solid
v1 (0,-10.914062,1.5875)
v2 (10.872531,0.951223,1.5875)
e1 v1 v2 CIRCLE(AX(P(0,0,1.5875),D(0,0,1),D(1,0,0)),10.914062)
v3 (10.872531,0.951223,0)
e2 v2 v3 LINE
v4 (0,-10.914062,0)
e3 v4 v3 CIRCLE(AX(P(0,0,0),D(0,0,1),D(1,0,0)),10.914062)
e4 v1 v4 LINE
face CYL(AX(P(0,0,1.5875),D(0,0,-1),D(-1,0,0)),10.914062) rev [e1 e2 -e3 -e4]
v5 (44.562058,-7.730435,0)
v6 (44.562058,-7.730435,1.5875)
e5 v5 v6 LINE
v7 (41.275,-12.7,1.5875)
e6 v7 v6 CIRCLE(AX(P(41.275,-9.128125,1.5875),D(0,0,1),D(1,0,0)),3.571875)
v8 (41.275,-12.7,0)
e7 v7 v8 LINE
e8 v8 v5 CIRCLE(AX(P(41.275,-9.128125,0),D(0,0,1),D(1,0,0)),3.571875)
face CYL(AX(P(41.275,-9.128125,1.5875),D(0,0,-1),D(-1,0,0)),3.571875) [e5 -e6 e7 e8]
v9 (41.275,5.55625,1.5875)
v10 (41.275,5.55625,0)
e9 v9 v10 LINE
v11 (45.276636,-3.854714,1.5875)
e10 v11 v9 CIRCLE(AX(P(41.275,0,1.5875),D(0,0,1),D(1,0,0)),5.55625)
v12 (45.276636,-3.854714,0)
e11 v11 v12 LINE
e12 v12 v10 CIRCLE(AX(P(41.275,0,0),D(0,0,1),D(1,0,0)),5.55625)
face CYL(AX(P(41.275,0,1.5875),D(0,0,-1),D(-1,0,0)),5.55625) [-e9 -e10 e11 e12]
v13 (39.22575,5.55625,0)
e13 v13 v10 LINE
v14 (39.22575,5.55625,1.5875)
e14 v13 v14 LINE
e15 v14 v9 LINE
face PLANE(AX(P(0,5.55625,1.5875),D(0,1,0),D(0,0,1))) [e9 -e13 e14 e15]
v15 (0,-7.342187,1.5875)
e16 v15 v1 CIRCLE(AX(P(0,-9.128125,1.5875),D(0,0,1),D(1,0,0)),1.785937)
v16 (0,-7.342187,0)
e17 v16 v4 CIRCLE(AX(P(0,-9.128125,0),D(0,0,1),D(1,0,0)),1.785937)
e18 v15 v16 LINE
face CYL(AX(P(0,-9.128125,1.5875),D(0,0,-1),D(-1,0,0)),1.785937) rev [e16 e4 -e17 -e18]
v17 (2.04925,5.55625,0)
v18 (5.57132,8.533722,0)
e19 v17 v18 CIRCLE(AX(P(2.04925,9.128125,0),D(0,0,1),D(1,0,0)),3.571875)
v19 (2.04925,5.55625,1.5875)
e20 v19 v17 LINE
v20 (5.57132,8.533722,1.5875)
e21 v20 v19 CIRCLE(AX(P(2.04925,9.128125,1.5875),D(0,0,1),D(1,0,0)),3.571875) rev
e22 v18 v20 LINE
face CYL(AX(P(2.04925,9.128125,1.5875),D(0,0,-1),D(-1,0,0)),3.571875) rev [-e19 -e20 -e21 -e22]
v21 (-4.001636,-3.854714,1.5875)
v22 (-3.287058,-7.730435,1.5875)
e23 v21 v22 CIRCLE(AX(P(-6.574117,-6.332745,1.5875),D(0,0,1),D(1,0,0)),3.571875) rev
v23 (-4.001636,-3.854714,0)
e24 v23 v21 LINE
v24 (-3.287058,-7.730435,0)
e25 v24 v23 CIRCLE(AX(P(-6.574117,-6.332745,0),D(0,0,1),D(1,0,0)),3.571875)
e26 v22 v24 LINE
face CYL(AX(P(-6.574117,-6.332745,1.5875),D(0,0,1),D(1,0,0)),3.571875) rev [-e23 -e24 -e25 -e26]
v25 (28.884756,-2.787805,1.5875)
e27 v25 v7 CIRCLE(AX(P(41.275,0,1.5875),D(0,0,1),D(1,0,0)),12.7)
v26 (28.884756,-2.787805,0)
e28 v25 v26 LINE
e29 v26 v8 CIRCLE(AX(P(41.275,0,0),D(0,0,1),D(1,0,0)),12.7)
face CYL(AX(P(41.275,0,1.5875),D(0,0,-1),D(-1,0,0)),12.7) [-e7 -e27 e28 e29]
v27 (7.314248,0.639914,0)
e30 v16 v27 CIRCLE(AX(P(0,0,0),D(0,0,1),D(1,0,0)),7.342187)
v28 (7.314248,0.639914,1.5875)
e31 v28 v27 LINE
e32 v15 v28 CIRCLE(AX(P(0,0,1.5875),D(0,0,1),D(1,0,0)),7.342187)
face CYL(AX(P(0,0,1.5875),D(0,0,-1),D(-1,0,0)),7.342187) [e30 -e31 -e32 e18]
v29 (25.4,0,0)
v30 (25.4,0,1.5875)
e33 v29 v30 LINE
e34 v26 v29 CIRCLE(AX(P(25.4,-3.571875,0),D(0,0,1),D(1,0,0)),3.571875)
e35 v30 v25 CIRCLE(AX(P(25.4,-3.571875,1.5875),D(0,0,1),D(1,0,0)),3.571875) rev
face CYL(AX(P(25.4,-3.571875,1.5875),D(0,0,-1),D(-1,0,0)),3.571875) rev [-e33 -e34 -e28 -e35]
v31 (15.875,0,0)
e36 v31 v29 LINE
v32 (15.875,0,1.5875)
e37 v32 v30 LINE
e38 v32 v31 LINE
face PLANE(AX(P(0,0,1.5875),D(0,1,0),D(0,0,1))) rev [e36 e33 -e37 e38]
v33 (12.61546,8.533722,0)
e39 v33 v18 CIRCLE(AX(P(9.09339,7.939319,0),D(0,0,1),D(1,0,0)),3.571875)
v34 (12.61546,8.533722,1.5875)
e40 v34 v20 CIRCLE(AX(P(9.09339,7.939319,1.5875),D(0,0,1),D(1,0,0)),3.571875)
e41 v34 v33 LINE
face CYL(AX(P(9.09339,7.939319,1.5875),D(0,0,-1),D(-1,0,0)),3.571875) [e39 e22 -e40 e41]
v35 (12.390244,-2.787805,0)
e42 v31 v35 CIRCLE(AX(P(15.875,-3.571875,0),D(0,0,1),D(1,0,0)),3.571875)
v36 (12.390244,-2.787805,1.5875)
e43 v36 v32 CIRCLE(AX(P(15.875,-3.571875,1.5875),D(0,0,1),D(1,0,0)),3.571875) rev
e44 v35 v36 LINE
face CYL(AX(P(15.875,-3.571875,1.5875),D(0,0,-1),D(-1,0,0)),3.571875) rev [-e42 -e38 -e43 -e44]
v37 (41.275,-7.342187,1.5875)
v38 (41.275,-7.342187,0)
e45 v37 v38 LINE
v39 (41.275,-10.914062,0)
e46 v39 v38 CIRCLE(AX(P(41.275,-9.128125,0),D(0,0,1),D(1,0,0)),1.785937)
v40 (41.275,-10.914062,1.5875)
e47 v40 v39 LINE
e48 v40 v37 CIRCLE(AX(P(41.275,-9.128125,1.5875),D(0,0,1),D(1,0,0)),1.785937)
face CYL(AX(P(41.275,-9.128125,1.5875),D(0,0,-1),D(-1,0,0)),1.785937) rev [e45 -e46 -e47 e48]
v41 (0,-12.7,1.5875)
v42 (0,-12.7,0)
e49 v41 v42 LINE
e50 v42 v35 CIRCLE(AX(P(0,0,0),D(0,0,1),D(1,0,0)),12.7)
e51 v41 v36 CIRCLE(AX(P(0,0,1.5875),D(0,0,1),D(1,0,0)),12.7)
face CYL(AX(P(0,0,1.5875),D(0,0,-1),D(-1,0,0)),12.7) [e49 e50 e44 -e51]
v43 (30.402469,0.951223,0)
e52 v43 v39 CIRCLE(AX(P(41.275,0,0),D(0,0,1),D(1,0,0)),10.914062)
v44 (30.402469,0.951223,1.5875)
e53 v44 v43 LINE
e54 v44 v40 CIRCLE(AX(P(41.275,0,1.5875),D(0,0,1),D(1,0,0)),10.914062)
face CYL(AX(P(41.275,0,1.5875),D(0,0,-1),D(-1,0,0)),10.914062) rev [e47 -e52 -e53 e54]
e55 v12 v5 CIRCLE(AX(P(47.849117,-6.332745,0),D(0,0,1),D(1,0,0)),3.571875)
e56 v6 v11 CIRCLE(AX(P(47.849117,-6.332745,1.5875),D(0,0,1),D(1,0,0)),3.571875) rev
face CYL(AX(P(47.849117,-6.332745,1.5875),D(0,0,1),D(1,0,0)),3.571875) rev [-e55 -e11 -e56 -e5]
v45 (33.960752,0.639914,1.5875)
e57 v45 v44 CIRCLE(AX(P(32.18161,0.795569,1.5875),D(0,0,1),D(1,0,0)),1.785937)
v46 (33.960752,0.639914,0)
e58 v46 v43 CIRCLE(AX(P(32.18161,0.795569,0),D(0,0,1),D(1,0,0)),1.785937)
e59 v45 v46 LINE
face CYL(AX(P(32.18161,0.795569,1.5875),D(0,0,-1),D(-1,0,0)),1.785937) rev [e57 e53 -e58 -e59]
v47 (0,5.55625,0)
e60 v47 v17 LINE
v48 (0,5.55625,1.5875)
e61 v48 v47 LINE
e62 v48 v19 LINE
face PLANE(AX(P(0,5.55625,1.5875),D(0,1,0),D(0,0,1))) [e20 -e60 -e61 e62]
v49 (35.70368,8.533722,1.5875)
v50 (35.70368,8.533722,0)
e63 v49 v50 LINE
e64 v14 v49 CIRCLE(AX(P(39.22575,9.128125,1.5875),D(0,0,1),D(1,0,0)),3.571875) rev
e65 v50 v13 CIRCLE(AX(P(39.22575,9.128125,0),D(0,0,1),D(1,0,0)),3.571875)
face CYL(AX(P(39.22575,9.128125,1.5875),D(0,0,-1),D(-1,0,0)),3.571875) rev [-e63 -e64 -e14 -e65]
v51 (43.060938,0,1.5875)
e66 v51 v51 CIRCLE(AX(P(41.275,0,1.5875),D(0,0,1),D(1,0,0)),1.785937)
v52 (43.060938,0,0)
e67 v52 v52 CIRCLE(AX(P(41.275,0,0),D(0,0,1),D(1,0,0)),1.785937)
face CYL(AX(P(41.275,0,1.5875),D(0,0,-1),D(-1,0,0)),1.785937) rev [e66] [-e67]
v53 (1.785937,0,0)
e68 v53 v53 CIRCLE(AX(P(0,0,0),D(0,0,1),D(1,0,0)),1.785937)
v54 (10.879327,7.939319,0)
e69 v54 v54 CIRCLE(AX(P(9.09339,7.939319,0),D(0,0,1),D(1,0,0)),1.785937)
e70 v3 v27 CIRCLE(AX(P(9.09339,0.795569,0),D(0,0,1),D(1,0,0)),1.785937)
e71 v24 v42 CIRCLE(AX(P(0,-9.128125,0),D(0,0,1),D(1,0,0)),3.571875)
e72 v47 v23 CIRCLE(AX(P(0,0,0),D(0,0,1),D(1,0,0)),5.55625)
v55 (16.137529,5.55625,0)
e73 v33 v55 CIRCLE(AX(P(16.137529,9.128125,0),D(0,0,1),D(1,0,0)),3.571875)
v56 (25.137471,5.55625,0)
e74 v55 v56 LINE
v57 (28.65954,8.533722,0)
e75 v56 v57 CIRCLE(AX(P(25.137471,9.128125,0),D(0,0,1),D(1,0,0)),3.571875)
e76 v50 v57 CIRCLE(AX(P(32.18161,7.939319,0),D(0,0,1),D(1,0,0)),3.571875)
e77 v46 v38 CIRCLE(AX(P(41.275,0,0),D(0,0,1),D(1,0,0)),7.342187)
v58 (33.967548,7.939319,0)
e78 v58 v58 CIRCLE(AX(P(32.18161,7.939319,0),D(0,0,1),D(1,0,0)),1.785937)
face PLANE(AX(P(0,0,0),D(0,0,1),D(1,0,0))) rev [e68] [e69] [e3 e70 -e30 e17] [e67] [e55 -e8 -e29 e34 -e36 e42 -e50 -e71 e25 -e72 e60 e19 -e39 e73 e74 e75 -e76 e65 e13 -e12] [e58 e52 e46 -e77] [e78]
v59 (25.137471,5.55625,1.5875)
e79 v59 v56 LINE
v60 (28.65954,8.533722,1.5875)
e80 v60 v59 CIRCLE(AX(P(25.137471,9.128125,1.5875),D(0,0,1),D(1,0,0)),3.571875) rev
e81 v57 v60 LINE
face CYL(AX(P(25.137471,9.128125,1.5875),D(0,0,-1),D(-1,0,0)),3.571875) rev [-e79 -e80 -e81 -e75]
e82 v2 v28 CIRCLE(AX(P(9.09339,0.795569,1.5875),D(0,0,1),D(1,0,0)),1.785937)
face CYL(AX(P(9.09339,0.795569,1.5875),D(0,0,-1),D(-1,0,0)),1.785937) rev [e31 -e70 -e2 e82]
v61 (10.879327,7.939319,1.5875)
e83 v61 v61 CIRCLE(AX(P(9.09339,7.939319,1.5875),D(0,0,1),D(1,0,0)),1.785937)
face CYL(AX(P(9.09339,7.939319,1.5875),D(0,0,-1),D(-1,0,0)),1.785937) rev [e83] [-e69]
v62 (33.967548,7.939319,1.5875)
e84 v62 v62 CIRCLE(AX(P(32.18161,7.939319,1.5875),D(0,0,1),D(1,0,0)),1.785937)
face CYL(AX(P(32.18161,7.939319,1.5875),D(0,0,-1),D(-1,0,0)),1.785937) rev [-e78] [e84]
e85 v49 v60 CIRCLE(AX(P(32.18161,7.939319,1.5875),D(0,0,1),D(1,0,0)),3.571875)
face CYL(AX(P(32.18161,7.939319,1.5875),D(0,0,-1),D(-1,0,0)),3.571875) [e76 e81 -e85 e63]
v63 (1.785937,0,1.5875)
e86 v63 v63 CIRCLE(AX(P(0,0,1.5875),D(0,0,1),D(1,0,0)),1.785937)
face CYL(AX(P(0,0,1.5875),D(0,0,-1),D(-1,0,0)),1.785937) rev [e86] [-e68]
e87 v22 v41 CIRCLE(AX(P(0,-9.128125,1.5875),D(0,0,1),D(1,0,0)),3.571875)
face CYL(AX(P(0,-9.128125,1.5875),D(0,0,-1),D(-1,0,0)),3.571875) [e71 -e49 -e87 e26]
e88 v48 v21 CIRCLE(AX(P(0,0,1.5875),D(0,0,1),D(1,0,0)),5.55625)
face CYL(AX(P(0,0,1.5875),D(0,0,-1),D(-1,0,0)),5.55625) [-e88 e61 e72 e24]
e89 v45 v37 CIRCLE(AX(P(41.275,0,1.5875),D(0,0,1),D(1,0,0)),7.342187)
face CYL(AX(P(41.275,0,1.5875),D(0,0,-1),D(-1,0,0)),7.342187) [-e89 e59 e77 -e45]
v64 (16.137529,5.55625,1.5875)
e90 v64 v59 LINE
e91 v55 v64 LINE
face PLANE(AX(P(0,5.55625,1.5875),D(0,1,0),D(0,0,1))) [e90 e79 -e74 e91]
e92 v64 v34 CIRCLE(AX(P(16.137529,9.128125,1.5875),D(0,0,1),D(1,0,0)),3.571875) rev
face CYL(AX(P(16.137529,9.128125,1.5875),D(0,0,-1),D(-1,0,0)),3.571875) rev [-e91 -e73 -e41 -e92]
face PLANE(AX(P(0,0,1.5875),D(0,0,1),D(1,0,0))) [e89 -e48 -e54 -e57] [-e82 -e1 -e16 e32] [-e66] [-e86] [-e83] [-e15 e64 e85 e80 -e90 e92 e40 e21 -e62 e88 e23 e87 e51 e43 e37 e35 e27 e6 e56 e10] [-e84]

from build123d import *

# Parameters (mm, degrees)
SKETCH1_R           = 1.7859375
BOSS_EXTRUDE1_DEPTH = 1.5875
FILLET1_R           = 3.571875


with BuildPart() as part:
    # Sketch1 → Boss-Extrude1 (new body)
    with BuildSketch(Plane.XY):
        with BuildLine():
            ThreePointArc((41.275, -12.7), (44.846875, -9.128125), (41.275, -5.55625))
            ThreePointArc((41.275, -5.55625), (46.83125, 0), (41.275, 5.55625))
            Line((41.275, 5.55625), (34.84230106, 5.55625))
            ThreePointArc((34.84230106, 5.55625), (32.181610271, 11.511193514), (29.520919483, 5.55625))
            Line((29.520919483, 5.55625), (11.754080517, 5.55625))
            ThreePointArc((11.754080517, 5.55625), (9.093389729, 11.511193514), (6.43269894, 5.55625))
            Line((6.43269894, 5.55625), (0, 5.55625))
            ThreePointArc((0, 5.55625), (-5.55625, 0), (0, -5.55625))
            ThreePointArc((0, -5.55625), (-3.571875, -9.128125), (0, -12.7))
            ThreePointArc((0, -12.7), (8.980256121, -8.980256121), (12.7, 0))
            Line((12.7, 0), (28.575, 0))
            ThreePointArc((28.575, 0), (32.294743879, -8.980256121), (41.275, -12.7))
        make_face()
        with BuildLine():
            ThreePointArc((0, -10.9140625), (-1.7859375, -9.128125), (0, -7.3421875))
            ThreePointArc((0, -7.3421875), (5.413228446, -4.960309977), (7.31424826, 0.639913805))
            ThreePointArc((7.31424826, 0.639913805), (8.937735019, 2.574709983), (10.872531197, 0.951223224))
            ThreePointArc((10.872531197, 0.951223224), (8.046690934, -7.37343375), (0, -10.9140625))
        make_face(mode=Mode.SUBTRACT)
        with BuildLine():
            ThreePointArc((33.96075174, 0.639913805), (35.861771554, -4.960309977), (41.275, -7.3421875))
            ThreePointArc((41.275, -7.3421875), (43.0609375, -9.128125), (41.275, -10.9140625))
            ThreePointArc((41.275, -10.9140625), (33.228309066, -7.37343375), (30.402468803, 0.951223224))
            ThreePointArc((30.402468803, 0.951223224), (32.337264981, 2.574709983), (33.96075174, 0.639913805))
        make_face(mode=Mode.SUBTRACT)
        Circle(SKETCH1_R, mode=Mode.SUBTRACT)
        with Locations((9.093389729, 7.939318514)):
            Circle(SKETCH1_R, mode=Mode.SUBTRACT)
        with Locations((41.275, 0)):
            Circle(SKETCH1_R, mode=Mode.SUBTRACT)
        with Locations((32.181610271, 7.939318514)):
            Circle(SKETCH1_R, mode=Mode.SUBTRACT)
    extrude(amount=BOSS_EXTRUDE1_DEPTH)

    # Fillet1
    fillet1_edges = [part.edges().sort_by_distance(p)[0] for p in [
        (6.43269894, 5.55625, 0.79375),
        (11.754080517, 5.55625, 0.79375),
        (29.520919483, 5.55625, 0.79375),
        (34.84230106, 5.55625, 0.79375),
        (41.275, -5.55625, 0.79375),
        (28.575, 0, 0.79375),
        (12.7, 0, 0.79375),
        (0, -5.55625, 0.79375),
    ]]
    fillet(fillet1_edges, radius=FILLET1_R)


solid = part.part
